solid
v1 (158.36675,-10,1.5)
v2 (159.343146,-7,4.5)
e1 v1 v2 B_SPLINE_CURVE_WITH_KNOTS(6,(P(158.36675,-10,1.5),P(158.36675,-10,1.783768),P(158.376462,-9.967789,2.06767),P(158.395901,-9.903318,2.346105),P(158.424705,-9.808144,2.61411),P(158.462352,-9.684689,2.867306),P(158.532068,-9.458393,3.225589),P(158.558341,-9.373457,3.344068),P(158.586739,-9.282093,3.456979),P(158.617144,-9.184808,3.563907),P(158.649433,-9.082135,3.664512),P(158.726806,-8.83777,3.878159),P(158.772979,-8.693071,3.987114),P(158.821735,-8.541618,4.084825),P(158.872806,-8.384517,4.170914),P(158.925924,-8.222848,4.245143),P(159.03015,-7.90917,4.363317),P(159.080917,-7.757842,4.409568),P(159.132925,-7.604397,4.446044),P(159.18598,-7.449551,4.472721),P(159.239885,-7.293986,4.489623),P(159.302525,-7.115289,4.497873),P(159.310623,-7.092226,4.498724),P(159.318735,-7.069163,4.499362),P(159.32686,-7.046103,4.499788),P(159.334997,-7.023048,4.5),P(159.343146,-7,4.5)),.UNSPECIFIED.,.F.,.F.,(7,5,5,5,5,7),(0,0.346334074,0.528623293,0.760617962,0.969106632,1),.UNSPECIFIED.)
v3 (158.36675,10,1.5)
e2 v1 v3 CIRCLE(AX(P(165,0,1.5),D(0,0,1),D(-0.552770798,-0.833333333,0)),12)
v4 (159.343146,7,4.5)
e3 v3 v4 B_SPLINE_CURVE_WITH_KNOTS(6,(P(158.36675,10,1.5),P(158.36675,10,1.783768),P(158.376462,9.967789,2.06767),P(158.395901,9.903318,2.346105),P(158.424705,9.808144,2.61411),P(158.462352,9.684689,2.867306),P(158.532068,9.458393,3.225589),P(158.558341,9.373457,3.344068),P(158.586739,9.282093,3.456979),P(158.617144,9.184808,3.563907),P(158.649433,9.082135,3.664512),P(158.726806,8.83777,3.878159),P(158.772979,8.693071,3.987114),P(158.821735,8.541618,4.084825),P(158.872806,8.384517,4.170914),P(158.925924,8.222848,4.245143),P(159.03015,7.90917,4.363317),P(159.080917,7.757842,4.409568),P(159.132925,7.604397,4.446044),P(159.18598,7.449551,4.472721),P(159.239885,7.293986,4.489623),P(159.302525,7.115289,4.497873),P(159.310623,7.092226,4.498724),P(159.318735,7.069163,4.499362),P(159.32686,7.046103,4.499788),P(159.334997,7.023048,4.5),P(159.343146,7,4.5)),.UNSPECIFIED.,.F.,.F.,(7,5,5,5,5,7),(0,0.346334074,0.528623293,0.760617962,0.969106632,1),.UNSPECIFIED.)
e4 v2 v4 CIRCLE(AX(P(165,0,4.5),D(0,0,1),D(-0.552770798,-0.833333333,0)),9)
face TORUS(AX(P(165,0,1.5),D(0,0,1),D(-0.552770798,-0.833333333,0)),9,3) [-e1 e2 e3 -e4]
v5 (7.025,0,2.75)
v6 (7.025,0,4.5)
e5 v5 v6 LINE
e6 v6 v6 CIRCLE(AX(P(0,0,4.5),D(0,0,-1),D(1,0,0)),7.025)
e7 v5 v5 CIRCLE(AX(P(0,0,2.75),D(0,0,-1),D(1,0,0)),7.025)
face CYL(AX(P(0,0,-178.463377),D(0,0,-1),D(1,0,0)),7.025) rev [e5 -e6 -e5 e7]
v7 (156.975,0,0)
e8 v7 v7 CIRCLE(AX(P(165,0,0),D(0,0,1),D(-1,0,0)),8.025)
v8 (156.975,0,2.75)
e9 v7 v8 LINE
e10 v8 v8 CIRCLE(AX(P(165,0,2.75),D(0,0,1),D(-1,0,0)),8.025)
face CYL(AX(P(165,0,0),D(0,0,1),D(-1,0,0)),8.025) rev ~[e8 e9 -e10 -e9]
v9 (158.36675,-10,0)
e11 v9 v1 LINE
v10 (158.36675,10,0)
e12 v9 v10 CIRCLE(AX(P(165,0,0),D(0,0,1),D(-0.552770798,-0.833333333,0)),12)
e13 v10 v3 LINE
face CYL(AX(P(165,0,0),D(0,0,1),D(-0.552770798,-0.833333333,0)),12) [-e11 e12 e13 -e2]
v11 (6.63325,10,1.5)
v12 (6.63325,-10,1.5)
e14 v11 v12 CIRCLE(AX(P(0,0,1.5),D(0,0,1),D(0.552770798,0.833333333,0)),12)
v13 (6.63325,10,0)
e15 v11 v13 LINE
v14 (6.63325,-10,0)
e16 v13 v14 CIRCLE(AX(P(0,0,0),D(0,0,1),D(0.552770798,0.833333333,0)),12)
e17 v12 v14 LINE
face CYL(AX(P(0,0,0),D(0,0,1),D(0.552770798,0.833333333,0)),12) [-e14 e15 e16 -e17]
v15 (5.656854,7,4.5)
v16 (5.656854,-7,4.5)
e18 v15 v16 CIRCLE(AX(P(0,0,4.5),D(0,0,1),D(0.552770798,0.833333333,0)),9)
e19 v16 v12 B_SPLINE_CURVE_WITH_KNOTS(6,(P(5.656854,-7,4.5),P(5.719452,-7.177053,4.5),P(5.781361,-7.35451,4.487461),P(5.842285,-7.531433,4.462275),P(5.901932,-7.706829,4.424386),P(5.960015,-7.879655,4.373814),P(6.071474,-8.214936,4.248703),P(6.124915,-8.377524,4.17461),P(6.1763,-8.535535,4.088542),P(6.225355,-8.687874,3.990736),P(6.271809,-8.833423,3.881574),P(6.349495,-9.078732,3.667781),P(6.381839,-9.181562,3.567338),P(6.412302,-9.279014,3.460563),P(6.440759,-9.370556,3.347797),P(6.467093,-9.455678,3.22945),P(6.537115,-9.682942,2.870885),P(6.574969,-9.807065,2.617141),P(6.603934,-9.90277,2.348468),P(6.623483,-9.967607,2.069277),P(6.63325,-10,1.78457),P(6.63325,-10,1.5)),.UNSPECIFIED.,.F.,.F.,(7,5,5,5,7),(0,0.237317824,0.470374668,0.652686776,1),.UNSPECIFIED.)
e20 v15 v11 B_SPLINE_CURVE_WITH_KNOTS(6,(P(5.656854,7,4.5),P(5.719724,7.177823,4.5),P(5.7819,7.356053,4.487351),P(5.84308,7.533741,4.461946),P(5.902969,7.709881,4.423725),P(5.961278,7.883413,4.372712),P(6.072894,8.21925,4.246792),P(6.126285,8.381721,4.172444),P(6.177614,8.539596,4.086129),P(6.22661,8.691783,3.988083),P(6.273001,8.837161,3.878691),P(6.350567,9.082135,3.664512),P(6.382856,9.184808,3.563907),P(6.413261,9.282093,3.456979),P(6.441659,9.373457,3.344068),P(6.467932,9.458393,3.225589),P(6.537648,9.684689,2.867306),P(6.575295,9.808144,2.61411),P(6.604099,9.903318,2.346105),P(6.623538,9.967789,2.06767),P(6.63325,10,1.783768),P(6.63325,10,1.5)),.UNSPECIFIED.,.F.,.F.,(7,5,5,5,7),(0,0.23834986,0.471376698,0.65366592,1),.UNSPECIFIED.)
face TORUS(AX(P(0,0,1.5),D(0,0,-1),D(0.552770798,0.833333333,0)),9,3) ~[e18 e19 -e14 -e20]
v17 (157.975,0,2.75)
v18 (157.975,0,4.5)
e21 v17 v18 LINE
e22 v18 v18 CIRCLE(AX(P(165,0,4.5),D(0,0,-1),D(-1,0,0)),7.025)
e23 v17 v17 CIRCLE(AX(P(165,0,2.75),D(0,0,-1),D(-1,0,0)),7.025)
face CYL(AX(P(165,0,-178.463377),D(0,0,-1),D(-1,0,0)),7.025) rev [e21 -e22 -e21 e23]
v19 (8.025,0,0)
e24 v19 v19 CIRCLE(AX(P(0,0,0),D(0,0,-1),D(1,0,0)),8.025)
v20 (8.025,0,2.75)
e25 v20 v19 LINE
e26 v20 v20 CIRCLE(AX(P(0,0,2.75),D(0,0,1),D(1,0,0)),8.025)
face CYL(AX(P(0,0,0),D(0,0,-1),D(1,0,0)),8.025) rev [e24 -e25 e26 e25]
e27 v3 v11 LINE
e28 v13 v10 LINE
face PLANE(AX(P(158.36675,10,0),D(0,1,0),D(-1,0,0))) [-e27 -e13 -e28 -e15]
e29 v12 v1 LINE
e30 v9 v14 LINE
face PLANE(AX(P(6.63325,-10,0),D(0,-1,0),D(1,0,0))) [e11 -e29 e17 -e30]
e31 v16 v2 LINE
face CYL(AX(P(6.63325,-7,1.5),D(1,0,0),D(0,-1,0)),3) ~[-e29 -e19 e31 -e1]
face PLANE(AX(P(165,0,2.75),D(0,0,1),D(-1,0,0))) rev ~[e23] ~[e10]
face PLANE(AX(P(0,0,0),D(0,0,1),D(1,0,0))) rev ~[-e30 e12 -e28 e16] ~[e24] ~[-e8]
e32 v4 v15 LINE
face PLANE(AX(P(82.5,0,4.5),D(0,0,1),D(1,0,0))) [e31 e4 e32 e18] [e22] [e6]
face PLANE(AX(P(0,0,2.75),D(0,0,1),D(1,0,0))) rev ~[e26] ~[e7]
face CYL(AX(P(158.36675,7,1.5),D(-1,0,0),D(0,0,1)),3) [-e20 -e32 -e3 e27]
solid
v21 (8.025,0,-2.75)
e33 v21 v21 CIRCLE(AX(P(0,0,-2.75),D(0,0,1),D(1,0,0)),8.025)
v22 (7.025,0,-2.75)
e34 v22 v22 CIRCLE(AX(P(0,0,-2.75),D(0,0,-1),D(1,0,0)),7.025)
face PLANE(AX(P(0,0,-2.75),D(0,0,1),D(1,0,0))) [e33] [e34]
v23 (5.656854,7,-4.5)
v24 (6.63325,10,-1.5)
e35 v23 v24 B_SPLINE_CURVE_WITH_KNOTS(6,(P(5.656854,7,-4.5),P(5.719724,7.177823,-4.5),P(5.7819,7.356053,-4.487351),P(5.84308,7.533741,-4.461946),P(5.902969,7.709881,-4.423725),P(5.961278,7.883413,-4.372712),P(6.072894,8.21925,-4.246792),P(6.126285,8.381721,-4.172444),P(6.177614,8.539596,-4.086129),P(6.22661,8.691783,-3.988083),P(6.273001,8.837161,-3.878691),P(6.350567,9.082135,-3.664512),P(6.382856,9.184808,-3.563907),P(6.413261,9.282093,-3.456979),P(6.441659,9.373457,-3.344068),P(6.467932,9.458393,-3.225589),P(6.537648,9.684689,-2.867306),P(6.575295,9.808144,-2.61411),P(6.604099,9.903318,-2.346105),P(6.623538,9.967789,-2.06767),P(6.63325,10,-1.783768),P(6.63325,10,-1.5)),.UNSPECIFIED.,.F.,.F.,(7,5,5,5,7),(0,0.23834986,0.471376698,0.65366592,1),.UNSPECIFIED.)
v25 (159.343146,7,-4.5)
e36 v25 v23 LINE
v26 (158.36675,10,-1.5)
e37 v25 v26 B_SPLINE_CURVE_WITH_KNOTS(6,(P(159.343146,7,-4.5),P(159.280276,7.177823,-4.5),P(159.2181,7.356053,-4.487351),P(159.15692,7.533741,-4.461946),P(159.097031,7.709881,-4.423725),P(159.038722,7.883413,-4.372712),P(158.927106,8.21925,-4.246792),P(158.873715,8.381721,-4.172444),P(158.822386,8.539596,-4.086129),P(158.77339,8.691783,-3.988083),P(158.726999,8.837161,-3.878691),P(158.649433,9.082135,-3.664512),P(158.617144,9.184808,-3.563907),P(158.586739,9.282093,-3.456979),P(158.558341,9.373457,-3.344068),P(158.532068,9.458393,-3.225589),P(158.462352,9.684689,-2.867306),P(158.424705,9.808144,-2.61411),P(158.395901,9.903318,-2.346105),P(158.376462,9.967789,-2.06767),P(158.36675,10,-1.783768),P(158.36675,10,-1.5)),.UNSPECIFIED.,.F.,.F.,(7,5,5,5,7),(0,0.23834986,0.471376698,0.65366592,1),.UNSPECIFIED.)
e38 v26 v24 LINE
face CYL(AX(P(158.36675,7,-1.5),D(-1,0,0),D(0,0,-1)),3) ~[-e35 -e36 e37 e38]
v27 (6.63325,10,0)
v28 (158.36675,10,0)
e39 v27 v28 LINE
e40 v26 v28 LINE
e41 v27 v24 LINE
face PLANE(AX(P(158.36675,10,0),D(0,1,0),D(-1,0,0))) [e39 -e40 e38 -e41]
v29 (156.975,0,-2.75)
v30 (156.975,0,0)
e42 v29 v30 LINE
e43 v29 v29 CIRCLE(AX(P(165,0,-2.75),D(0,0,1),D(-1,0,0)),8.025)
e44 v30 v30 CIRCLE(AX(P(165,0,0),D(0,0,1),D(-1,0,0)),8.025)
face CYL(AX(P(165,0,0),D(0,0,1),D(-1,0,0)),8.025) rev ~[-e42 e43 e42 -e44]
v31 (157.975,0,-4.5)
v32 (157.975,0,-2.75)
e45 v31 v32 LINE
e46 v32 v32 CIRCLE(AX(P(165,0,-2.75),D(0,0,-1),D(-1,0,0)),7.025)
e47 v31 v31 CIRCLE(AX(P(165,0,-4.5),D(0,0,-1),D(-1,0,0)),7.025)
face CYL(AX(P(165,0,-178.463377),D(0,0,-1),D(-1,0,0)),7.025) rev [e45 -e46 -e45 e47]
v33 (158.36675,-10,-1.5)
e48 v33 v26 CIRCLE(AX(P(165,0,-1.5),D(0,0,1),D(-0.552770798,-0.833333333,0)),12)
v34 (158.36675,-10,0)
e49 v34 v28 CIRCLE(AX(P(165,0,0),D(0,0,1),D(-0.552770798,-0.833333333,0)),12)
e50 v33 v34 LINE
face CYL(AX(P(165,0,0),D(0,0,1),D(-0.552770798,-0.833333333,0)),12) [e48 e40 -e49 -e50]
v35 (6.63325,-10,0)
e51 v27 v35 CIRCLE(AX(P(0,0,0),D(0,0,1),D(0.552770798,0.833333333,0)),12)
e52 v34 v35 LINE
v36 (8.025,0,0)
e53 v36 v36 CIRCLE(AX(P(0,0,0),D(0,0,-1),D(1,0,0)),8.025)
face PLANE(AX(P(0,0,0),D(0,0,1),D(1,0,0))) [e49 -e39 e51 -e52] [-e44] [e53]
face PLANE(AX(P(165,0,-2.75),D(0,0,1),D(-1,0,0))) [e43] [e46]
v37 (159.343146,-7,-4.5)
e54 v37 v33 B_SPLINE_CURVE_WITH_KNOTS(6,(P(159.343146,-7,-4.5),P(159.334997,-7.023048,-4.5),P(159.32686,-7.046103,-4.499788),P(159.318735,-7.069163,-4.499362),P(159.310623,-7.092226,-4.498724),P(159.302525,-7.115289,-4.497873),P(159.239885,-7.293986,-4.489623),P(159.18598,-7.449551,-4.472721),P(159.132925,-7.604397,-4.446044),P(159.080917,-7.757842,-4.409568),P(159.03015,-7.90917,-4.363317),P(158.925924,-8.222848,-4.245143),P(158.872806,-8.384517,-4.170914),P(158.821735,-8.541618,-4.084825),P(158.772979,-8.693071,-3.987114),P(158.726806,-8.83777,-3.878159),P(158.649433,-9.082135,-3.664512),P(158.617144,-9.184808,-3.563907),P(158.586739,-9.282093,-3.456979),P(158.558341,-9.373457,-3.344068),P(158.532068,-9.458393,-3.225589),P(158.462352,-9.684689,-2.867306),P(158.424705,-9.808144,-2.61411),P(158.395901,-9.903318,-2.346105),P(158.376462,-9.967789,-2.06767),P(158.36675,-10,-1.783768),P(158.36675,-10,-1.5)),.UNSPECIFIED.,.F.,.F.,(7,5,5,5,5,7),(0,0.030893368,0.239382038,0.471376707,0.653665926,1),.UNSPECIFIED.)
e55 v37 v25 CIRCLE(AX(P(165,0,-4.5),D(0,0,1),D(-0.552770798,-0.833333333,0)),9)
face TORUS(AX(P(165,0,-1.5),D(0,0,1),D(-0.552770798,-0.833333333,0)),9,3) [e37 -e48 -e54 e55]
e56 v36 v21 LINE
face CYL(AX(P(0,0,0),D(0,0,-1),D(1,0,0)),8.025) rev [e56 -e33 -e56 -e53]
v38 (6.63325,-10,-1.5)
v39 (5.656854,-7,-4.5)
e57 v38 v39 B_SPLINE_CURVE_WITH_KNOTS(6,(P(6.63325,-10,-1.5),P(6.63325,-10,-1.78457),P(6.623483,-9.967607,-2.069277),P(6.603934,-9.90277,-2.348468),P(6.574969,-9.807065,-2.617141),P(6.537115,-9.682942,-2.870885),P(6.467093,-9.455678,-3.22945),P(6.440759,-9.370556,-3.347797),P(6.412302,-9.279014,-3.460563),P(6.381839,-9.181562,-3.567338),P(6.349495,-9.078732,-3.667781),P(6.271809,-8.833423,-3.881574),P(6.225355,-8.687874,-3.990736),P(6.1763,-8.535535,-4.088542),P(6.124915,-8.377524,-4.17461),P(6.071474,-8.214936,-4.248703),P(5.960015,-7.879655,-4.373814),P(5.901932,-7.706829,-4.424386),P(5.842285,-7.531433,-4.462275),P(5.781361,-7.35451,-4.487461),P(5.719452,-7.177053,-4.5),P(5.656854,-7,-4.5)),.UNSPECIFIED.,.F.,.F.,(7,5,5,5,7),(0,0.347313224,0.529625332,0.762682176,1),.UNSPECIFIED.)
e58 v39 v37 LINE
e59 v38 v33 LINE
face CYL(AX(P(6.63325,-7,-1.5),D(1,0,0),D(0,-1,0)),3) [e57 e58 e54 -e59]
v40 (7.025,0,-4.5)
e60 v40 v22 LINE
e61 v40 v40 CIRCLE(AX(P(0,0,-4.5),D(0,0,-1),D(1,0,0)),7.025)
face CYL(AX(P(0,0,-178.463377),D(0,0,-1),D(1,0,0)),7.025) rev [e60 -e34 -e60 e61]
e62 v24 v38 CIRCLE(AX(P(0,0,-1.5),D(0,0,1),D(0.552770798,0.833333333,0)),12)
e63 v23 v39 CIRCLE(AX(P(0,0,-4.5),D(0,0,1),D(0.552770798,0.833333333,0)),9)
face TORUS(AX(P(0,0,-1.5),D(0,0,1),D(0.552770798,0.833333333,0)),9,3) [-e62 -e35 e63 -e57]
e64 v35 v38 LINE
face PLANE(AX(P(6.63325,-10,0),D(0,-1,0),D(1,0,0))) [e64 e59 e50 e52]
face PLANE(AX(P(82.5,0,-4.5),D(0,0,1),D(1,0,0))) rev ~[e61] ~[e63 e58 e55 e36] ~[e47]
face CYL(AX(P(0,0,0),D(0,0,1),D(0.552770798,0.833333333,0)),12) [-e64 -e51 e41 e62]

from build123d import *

# Parameters (mm, degrees)
BOSS_EXTRUDE1_DEPTH     = 4.5
SKETCH6_23_R            = 8.025
CUT_EXTRUDE1_DEPTH      = 2.75
CUT_EXTRUDE2_DEPTH      = 178.463376503
CUT_EXTRUDE2_DEPTH_BACK = 178.463376503
SKETCH6_24_R            = 7.025
FILLET1_R               = 3


with BuildPart() as part:
    # Sketch6 → Boss-Extrude1 (new, symmetric)
    with BuildSketch(Plane.XY):
        with BuildLine():
            Line((6.633249581, -10), (158.366750419, -10))
            ThreePointArc((158.366750419, -10), (177, 0), (158.366750419, 10))
            Line((158.366750419, 10), (6.633249581, 10))
            ThreePointArc((6.633249581, 10), (-12, 0), (6.633249581, -10))
        make_face()
    extrude(amount=BOSS_EXTRUDE1_DEPTH, both=True)

    # Sketch6<23> → Cut-Extrude1 (cut, symmetric)
    with BuildSketch(Plane.XY):
        Circle(SKETCH6_23_R)
        with Locations((165, 0)):
            Circle(SKETCH6_23_R)
    extrude(amount=CUT_EXTRUDE1_DEPTH, both=True, mode=Mode.SUBTRACT)

    # Sketch6<24> → Cut-Extrude2 (cut, two sides: drawn at the far end of the back side and taken through both)
    with BuildSketch(Plane.XY.offset(-CUT_EXTRUDE2_DEPTH_BACK)):
        Circle(SKETCH6_24_R)
        with Locations((165, 0)):
            Circle(SKETCH6_24_R)
    extrude(amount=CUT_EXTRUDE2_DEPTH + CUT_EXTRUDE2_DEPTH_BACK, mode=Mode.SUBTRACT)

    # Fillet1
    fillet1_edges = [part.edges().sort_by_distance(p)[0] for p in [
        (-12, 0, 4.5),
        (177, 0, 4.5),
        (82.5, -10, 4.5),
        (82.5, 10, 4.5),
        (82.5, -10, -4.5),
        (82.5, 10, -4.5),
        (177, 0, -4.5),
        (-12, 0, -4.5),
    ]]
    fillet(fillet1_edges, radius=FILLET1_R)


with BuildPart() as body_2:
    # Split1: the piece on the far side of the plane
    add(part.part)
    split(bisect_by=Plane.XY, keep=Keep.BOTTOM)


with BuildPart() as part_1:
    add(part.part)

    # Split1
    split(bisect_by=Plane.XY, keep=Keep.TOP)


solid = Compound([body_2.part, part_1.part])
